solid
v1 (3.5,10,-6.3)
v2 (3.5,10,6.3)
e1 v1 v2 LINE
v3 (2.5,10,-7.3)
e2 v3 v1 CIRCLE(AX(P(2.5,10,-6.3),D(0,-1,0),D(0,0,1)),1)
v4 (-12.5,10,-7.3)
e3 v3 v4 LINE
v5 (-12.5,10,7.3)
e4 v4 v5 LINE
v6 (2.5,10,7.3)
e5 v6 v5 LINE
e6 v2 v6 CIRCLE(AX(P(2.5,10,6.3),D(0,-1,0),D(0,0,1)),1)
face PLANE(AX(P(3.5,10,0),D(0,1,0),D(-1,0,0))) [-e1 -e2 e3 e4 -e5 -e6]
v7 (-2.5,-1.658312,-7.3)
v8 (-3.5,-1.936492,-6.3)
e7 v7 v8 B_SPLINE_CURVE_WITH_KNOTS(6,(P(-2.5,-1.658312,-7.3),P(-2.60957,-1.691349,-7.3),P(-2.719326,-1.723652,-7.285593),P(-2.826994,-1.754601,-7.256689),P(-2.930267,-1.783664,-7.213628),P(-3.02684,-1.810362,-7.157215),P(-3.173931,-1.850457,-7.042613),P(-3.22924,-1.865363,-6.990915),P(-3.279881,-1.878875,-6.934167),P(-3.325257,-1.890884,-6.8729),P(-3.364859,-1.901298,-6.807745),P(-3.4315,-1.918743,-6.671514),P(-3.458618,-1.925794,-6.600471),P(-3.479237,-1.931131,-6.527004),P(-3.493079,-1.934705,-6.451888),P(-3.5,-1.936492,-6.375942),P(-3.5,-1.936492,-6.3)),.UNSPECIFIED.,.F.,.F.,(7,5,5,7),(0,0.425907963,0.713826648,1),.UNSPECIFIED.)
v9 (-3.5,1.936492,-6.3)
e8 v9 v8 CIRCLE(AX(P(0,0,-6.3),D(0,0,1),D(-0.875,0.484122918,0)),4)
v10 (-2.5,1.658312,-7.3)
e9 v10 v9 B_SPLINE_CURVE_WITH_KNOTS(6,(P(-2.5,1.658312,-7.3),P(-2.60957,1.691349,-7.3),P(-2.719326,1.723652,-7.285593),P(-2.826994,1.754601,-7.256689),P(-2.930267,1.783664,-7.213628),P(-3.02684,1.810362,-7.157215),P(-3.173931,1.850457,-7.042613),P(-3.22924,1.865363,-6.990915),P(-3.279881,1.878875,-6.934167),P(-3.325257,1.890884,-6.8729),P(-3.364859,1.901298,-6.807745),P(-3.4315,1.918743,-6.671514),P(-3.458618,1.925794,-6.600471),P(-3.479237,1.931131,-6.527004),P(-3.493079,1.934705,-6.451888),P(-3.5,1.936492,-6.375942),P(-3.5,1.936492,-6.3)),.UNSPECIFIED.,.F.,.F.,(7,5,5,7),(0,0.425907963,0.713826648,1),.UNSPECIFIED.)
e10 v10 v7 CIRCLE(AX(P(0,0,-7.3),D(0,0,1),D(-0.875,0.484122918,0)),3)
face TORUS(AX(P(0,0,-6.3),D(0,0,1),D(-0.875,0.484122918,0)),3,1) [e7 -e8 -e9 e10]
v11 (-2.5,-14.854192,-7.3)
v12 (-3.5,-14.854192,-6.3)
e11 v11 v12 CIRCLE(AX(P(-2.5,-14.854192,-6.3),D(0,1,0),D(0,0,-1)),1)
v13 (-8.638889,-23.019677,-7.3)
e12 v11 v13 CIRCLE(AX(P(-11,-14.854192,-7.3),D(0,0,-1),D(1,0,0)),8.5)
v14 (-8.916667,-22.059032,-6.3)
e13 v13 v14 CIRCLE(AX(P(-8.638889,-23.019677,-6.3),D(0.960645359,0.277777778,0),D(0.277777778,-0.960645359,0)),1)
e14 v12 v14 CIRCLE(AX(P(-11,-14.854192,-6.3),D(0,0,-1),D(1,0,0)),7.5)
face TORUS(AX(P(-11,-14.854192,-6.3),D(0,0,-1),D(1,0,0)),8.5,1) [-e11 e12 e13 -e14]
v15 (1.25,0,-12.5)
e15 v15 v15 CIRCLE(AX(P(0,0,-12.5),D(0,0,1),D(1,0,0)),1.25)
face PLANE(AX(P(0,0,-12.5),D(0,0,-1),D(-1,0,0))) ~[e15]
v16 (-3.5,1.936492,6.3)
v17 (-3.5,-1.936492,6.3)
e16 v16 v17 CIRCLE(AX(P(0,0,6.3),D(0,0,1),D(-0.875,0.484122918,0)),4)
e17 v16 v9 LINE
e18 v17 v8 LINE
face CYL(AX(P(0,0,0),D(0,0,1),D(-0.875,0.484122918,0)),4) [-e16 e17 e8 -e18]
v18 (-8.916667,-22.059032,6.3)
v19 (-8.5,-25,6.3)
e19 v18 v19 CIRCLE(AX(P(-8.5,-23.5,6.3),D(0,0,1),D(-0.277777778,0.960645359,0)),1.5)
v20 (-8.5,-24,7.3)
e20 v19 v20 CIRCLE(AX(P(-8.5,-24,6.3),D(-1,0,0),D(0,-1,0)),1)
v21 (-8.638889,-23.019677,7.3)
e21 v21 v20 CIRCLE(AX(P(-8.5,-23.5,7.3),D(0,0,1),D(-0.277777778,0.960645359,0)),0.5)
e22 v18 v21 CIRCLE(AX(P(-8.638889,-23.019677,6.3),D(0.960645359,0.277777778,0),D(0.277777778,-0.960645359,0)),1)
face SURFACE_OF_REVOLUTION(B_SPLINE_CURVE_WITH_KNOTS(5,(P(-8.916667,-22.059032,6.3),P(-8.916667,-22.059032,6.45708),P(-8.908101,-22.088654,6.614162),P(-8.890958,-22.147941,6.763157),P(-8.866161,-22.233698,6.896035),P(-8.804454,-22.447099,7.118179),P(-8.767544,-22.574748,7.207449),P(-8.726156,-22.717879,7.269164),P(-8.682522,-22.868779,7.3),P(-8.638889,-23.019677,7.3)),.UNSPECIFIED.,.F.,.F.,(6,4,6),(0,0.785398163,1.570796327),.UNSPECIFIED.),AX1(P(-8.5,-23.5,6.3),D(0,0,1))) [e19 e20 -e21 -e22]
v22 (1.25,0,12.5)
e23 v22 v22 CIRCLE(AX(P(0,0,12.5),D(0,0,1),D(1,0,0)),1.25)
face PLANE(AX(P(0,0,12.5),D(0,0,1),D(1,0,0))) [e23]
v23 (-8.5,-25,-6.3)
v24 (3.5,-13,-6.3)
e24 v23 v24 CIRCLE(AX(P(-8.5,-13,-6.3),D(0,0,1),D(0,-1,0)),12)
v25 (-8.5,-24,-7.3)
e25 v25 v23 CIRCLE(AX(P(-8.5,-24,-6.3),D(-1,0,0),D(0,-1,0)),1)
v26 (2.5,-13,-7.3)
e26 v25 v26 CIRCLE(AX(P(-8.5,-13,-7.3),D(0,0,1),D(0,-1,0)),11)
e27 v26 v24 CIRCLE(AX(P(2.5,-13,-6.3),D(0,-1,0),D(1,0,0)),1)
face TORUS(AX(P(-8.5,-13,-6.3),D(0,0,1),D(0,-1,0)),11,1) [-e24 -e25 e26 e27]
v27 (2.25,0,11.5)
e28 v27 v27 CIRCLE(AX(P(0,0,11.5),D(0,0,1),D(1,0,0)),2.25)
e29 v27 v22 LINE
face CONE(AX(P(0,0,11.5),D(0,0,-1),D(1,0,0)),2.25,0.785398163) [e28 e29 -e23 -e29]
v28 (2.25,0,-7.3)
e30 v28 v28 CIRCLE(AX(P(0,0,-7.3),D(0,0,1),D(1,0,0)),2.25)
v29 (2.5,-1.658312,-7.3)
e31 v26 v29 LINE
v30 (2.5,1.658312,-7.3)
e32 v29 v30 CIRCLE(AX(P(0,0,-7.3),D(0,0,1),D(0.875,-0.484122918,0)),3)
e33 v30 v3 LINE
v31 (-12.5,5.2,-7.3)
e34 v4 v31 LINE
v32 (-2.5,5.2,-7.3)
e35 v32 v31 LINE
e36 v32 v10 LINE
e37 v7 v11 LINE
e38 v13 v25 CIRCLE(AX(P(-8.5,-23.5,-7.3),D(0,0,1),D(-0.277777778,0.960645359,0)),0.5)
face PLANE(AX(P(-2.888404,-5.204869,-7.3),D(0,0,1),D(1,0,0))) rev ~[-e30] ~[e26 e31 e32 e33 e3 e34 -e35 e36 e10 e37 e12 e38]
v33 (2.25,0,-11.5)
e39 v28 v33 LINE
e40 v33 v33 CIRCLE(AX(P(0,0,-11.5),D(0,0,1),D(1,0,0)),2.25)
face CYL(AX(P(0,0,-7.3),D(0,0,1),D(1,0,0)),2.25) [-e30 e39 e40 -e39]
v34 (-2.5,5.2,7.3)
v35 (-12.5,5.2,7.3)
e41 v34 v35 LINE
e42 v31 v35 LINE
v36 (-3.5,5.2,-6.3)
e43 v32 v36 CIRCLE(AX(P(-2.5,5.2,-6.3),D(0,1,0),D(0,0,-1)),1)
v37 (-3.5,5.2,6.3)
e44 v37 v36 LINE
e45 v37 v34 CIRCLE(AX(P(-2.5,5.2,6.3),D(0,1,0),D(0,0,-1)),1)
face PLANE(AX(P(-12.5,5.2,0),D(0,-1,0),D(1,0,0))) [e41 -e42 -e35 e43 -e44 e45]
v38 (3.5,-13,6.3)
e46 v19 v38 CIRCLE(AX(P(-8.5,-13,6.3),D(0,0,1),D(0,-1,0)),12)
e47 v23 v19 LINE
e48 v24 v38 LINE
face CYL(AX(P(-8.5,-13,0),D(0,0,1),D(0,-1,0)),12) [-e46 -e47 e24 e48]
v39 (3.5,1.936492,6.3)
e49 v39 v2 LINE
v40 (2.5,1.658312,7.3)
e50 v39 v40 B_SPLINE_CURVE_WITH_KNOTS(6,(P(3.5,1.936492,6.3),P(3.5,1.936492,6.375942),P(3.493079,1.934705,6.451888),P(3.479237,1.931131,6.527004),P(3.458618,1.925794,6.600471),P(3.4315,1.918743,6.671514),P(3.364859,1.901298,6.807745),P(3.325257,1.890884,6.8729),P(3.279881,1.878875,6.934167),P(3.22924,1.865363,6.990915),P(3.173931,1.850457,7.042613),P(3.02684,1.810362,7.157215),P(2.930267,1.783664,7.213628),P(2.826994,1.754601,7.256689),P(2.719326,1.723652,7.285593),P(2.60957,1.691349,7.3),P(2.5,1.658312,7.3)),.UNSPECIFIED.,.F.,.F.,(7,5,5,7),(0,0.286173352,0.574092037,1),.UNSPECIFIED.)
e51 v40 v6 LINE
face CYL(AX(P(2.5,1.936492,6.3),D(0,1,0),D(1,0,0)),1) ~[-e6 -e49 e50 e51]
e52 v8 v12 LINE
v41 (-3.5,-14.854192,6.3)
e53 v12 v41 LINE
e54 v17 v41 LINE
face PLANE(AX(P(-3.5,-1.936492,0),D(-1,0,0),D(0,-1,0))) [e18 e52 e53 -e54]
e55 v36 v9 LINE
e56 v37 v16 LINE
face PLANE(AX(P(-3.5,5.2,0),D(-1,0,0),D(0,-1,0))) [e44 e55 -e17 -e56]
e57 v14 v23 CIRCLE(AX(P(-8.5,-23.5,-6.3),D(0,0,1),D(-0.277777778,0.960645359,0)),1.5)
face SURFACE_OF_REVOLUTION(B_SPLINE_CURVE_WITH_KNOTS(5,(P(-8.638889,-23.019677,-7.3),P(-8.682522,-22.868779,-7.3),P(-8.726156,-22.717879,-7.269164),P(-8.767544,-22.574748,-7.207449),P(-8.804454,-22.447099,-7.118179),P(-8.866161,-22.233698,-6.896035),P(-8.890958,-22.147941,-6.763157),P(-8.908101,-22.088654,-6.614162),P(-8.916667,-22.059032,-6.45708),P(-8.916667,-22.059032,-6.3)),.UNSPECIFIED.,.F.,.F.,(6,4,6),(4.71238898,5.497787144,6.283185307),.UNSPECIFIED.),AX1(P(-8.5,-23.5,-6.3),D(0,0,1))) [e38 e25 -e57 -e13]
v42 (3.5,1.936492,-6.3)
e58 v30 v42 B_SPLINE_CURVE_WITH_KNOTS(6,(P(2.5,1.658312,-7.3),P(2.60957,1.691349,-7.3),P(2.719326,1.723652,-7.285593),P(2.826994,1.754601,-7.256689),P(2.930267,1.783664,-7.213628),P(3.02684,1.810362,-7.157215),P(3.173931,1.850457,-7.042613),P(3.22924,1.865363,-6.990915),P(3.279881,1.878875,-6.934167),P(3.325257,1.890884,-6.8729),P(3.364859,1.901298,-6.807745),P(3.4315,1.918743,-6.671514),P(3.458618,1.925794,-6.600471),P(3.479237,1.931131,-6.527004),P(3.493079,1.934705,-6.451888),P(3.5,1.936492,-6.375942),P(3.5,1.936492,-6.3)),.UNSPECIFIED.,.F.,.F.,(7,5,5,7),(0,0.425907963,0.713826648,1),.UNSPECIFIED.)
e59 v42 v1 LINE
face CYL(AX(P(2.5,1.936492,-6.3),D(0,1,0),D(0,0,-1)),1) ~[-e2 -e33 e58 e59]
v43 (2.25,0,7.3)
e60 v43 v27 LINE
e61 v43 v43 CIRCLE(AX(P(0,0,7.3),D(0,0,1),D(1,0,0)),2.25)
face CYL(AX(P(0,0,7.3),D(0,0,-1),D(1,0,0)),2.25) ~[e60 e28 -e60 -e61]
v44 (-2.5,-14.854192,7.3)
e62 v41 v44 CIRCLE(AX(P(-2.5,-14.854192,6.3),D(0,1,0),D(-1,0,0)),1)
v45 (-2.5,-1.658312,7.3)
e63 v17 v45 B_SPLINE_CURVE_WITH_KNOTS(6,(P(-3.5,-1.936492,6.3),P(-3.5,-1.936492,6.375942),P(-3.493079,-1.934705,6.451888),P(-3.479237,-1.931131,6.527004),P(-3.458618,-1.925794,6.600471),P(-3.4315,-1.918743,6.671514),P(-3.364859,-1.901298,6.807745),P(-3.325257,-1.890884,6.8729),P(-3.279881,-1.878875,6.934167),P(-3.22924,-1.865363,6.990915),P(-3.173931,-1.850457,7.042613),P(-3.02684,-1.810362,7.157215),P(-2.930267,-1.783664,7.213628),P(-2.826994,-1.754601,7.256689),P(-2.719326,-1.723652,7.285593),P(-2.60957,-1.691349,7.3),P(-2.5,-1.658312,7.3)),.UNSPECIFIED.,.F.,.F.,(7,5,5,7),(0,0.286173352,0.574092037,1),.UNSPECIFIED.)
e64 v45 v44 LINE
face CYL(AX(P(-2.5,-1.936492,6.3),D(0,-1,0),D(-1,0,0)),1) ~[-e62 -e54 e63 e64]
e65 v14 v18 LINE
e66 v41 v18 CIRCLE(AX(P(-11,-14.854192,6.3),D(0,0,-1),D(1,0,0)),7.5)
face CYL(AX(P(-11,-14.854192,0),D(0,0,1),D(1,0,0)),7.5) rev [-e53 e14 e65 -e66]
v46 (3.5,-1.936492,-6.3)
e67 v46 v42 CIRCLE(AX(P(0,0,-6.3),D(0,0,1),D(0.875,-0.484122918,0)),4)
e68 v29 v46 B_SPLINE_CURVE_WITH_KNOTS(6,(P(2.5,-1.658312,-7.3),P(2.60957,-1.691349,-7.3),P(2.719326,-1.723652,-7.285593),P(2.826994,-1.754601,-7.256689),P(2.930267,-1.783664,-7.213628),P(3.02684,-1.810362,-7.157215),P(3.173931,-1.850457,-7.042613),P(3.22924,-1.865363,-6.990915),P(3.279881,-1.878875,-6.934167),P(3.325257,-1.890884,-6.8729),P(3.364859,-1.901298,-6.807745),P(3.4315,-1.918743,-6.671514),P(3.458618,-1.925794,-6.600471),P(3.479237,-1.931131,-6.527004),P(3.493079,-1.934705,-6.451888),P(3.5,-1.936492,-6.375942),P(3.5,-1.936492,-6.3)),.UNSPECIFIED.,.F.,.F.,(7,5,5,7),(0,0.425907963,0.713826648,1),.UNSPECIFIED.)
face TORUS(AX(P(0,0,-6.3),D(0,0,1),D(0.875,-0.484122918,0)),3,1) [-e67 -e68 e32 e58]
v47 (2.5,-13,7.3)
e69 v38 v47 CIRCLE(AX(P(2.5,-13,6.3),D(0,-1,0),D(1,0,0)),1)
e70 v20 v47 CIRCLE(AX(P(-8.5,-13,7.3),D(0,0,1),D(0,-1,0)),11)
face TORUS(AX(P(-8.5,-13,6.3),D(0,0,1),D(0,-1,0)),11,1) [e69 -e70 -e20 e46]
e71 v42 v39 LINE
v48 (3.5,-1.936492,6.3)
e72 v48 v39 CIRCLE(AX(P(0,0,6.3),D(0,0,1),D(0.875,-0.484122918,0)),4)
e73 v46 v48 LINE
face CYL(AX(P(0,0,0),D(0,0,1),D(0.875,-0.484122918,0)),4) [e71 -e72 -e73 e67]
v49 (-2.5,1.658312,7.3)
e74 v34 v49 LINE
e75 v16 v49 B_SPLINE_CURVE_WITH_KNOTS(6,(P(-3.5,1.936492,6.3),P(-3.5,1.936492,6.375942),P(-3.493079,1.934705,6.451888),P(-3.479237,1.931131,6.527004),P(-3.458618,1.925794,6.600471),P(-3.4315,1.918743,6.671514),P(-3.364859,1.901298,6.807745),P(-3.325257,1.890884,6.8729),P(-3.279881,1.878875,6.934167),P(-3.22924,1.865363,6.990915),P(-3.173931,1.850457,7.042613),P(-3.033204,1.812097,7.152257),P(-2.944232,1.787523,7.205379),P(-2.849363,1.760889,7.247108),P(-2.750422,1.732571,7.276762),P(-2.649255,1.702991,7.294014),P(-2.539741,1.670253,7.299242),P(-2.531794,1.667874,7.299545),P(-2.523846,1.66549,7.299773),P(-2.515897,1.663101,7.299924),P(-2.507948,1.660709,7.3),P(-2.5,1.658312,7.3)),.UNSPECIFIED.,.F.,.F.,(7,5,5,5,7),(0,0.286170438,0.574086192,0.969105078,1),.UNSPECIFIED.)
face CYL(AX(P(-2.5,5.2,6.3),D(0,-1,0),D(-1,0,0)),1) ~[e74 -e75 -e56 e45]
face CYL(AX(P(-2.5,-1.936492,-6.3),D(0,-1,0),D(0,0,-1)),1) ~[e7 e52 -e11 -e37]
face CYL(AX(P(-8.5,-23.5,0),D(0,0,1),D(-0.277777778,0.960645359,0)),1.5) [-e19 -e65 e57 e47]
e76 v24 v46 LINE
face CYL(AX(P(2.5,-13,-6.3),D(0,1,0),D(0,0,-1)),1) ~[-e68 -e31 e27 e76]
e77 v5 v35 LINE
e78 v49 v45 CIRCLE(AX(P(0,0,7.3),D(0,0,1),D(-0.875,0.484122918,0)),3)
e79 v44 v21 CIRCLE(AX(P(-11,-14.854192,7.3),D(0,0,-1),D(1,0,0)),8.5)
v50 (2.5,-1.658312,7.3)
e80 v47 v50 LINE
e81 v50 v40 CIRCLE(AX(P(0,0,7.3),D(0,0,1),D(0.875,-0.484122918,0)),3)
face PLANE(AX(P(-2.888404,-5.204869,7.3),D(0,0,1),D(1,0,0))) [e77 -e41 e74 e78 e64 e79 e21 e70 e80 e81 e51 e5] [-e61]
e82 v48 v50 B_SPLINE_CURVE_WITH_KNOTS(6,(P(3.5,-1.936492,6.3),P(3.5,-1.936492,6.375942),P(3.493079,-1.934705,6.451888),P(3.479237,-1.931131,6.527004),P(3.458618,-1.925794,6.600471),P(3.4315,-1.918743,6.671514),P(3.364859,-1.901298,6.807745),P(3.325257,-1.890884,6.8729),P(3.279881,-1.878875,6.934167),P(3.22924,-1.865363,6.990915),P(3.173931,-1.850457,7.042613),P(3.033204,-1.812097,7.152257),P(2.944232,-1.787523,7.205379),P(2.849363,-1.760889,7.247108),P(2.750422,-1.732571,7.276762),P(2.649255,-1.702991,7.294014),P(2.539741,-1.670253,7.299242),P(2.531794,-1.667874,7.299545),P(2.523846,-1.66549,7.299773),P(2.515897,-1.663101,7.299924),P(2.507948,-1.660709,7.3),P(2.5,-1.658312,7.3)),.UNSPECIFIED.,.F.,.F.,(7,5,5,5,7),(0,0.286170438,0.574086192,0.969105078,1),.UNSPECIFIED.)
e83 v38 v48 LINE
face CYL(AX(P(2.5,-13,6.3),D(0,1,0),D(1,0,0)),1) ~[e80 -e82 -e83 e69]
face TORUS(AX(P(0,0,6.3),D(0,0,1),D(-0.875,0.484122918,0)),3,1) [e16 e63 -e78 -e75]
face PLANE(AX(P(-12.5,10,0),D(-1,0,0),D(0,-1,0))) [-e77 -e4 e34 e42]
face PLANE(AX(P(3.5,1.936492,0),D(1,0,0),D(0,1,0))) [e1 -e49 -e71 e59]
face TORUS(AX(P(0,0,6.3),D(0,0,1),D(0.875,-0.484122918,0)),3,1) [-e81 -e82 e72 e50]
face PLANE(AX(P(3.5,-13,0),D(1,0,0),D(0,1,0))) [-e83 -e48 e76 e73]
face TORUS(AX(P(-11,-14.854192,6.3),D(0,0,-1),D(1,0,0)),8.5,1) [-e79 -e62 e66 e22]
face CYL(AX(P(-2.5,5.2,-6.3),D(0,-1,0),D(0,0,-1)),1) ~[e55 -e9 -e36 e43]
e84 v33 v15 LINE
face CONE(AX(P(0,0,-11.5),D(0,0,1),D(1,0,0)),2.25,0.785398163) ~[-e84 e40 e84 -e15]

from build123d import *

# Parameters (mm, degrees)
BOSS_EXTRU_1_DEPTH = 7.3
ESQUISSE2_R        = 2.25
BOSS_EXTRU_2_DEPTH = 5.2
CHANFREIN1_SIZE    = 1
CHANFREIN2_SIZE    = 1
CONG_1_R           = 1


with BuildPart() as part:
    # Esquisse1 → Boss.-Extru.1 (new body, symmetric)
    with BuildSketch(Plane.XY):
        with BuildLine():
            Line((-3.5, -1.936491673), (-3.5, -14.854191767))
            ThreePointArc((-3.5, -14.854191767), (-5.005210596, -19.361130861), (-8.916666667, -22.059031961))
            ThreePointArc((-8.916666667, -22.059031961), (-9.985168687, -23.710413809), (-8.5, -25))
            ThreePointArc((-8.5, -25), (-0.014718626, -21.485281374), (3.5, -13))
            Line((3.5, -13), (3.5, -1.936491673))
            ThreePointArc((3.5, -1.936491673), (4, 0), (3.5, 1.936491673))
            Line((3.5, 1.936491673), (3.5, 10))
            Line((3.5, 10), (-3.5, 10))
            Line((-3.5, 10), (-12.5, 10))
            Line((-12.5, 10), (-12.5, 5.2))
            Line((-12.5, 5.2), (-3.5, 5.2))
            Line((-3.5, 5.2), (-3.5, 1.936491673))
            ThreePointArc((-3.5, 1.936491673), (-4, 0), (-3.5, -1.936491673))
        make_face()
    extrude(amount=BOSS_EXTRU_1_DEPTH, both=True)

    # Esquisse2 → Boss.-Extru.2 (add)
    with BuildSketch(Plane.XY.offset(7.3)):
        Circle(ESQUISSE2_R)
    boss_extru_2 = extrude(amount=BOSS_EXTRU_2_DEPTH)

    # Chanfrein1
    chanfrein1_edges = [part.edges().sort_by_distance(p)[0] for p in [
        (-2.25, 0, 12.5),
    ]]
    chamfer(chanfrein1_edges, length=CHANFREIN1_SIZE)

    # Symétrie1: Boss.-Extru.2 across plane
    add(boss_extru_2.mirror(Plane.XY))

    # Chanfrein2
    chanfrein2_edges = [part.edges().sort_by_distance(p)[0] for p in [
        (-2.25, 0, -12.5),
    ]]
    chamfer(chanfrein2_edges, length=CHANFREIN2_SIZE)

    # Congé1
    cong_1_edges = [part.edges().sort_by_distance(p)[0] for p in [
        (3.5, -7.468245837, 7.3),
        (-5.005210596, -19.361130861, -7.3),
        (-3.5, -8.39534172, -7.3),
        (-4, 0, -7.3),
        (-3.5, 3.568245837, -7.3),
        (3.5, 5.968245837, -7.3),
        (4, 0, -7.3),
        (4, 0, 7.3),
        (3.5, -7.468245837, -7.3),
        (-0.014718626, -21.485281374, -7.3),
        (-9.985168687, -23.710413809, -7.3),
        (3.5, 5.968245837, 7.3),
        (-3.5, 3.568245837, 7.3),
        (-4, 0, 7.3),
        (-3.5, -8.39534172, 7.3),
        (-9.985168687, -23.710413809, 7.3),
        (-5.005210596, -19.361130861, 7.3),
        (-0.014718626, -21.485281374, 7.3),
    ]]
    fillet(cong_1_edges, radius=CONG_1_R)


solid = part.part
